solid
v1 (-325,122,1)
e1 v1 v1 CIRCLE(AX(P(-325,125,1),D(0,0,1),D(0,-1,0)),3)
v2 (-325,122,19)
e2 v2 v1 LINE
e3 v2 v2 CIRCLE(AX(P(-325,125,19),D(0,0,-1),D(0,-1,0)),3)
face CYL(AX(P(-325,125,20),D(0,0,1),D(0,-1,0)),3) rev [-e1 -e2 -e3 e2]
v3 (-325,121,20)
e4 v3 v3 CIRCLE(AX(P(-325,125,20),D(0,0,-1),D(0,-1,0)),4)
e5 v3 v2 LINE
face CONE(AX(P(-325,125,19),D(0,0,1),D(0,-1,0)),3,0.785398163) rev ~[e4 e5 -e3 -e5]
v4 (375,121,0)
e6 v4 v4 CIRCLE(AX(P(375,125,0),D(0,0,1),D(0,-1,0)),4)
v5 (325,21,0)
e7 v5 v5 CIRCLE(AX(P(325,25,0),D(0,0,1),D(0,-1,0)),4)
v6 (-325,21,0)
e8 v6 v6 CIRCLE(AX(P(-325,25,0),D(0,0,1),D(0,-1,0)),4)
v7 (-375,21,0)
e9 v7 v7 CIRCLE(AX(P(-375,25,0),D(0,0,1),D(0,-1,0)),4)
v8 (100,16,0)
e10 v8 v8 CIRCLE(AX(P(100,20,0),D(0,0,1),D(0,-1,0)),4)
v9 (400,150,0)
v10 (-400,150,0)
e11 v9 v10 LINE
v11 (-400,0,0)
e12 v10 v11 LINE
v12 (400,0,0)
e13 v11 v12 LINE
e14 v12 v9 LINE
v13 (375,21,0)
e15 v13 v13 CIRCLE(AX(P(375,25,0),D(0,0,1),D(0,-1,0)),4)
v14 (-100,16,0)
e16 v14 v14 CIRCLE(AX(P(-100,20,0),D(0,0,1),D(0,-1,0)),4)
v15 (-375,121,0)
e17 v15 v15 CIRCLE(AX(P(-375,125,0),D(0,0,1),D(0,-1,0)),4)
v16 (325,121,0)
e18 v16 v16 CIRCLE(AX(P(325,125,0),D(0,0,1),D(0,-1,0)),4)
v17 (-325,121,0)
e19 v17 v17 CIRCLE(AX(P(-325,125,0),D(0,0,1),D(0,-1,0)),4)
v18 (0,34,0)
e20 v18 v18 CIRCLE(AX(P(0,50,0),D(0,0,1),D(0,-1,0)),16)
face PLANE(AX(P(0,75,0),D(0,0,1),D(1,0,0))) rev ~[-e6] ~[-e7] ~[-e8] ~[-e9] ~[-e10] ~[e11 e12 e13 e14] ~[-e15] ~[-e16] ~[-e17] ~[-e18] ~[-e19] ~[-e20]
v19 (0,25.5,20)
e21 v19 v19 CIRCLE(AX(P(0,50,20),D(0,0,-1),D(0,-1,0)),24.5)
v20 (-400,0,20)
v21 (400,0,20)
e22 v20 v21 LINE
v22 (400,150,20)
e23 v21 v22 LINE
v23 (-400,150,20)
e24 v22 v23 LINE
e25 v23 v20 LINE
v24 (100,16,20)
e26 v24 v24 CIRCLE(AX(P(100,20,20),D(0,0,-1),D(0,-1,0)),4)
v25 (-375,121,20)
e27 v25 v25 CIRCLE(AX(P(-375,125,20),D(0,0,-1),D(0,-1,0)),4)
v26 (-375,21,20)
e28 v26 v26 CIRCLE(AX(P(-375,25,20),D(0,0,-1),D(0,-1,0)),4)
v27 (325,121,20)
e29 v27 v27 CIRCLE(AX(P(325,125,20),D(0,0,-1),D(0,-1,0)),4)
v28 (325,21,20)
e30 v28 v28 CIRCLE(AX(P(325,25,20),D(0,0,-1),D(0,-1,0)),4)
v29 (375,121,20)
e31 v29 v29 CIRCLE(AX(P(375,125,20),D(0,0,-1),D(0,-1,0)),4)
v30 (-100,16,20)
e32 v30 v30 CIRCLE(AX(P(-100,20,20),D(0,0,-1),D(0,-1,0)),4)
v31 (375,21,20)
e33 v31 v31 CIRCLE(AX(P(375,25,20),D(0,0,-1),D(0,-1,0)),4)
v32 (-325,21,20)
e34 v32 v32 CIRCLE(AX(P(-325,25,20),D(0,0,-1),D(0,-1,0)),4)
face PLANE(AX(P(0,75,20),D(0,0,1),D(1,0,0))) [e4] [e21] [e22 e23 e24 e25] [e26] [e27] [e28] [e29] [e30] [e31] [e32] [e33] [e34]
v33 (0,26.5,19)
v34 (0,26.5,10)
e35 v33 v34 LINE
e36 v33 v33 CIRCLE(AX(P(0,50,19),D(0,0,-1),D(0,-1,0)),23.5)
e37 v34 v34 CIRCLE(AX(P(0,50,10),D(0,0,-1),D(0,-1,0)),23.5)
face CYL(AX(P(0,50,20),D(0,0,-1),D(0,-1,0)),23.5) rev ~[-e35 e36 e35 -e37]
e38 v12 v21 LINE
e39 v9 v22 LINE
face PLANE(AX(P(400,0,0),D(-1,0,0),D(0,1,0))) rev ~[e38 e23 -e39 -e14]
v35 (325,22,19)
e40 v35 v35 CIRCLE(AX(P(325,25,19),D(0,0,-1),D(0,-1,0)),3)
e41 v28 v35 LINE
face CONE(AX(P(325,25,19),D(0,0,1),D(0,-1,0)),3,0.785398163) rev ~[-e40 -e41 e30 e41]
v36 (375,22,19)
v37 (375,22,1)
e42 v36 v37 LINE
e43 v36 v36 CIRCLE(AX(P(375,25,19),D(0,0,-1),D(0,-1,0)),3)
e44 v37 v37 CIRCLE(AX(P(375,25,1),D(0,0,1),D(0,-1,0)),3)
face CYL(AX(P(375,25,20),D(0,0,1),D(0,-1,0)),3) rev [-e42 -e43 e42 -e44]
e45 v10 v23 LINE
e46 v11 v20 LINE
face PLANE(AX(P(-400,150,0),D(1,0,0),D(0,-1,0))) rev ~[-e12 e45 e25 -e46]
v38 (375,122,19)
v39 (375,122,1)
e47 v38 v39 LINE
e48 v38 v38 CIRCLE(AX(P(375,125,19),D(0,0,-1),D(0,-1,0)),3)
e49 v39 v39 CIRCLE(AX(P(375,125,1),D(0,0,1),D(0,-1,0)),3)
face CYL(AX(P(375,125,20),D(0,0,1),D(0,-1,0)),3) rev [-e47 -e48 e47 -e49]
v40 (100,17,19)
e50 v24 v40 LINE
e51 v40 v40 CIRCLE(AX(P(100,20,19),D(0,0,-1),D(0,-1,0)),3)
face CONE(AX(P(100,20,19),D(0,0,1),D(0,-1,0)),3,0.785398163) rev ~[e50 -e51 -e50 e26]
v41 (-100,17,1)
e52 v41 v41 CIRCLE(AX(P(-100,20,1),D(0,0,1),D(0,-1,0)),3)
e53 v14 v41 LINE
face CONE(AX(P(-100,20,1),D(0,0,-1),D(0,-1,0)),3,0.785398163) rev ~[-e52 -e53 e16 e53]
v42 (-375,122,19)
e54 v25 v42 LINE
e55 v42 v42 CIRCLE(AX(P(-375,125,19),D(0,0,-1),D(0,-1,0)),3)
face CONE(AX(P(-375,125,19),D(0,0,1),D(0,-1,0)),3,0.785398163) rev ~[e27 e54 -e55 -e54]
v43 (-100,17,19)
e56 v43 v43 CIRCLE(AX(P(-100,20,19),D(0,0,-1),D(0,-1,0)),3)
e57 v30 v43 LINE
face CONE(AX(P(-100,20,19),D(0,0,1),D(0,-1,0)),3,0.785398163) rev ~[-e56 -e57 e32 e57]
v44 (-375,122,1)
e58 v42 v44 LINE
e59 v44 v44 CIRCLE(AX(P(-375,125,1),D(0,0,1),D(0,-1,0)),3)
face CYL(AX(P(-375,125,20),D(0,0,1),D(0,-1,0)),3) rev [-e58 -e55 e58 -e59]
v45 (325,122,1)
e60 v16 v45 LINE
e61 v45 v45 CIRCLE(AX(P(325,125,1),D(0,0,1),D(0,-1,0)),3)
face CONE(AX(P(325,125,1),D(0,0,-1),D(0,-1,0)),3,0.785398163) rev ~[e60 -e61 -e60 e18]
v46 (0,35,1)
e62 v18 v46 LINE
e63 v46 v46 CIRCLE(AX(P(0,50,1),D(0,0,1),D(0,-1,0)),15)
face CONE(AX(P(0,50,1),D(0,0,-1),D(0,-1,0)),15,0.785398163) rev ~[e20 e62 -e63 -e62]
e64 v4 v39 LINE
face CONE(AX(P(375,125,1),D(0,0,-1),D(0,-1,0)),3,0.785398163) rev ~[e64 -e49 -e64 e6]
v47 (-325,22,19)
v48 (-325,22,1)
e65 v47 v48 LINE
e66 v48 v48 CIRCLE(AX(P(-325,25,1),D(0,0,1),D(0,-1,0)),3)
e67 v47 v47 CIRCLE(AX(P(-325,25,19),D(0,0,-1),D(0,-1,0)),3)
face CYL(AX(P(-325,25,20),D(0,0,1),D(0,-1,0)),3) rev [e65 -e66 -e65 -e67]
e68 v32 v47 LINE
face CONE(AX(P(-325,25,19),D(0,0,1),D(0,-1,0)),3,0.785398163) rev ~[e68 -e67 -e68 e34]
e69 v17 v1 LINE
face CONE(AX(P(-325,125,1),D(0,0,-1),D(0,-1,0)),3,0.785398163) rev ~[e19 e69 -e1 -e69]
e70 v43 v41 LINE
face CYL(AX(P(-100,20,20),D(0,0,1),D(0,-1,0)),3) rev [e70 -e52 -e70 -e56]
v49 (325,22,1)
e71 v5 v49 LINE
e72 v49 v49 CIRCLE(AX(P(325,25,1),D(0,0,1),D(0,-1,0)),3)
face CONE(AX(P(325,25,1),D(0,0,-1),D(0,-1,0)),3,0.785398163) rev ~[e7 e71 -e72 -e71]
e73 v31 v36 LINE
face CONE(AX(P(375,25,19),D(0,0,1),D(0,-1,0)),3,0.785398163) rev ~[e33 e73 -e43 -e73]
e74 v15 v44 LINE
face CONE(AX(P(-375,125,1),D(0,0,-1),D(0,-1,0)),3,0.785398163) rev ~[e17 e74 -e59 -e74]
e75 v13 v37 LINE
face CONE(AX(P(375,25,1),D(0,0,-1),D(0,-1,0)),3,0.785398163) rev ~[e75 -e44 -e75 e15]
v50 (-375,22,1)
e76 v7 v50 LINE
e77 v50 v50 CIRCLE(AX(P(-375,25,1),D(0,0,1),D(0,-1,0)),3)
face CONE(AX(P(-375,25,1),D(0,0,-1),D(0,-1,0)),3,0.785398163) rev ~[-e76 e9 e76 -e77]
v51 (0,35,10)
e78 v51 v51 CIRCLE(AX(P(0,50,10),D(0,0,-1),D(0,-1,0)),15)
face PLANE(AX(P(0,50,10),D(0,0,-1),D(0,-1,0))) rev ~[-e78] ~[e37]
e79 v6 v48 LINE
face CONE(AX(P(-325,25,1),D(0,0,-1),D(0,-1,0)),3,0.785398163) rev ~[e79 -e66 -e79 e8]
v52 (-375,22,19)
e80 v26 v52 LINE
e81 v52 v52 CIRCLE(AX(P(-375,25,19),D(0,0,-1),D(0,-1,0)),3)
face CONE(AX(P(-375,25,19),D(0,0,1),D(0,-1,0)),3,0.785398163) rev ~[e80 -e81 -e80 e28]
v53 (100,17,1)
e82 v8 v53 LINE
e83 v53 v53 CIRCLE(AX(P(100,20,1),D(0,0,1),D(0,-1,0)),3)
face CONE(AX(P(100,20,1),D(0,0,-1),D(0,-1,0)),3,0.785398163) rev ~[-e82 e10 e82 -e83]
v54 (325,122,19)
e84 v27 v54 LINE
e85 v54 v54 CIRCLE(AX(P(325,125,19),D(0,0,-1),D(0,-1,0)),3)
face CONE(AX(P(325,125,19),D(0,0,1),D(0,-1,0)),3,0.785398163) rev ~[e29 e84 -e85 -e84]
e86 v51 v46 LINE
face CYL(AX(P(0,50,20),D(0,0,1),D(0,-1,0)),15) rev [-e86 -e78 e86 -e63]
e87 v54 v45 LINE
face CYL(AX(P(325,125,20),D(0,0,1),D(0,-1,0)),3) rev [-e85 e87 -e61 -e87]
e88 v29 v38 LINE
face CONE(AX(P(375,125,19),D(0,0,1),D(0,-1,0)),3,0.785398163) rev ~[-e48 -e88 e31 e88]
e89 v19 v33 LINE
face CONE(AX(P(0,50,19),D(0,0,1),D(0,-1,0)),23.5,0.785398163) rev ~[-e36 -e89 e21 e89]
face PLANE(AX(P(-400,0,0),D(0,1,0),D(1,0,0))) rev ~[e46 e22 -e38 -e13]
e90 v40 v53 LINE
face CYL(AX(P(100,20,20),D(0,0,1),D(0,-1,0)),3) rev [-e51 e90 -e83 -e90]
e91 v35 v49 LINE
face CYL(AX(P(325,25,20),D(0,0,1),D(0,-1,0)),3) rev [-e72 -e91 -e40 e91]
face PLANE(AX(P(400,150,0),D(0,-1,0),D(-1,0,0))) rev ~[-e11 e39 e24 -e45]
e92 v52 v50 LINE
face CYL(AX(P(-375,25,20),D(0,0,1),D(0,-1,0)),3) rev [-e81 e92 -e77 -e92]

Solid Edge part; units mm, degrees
sketch "Sketch1" plane through (0, 0, 0) normal (0, 0, 1) x (1, 0, 0)
  line L0 (400, 150) -> (-400, 150)
  line L1 (-400, 150) -> (-400, 0)
  line L2 (-400, 0) -> (400, 0)
  line L3 (400, 0) -> (400, 150)
extrude "Protrusion1" add sketch "Sketch1" along normal blind 20
hole "Hole1" at (-375, 125, 20) direction (0, 0, -1) diameter 6 end through all start chamfer 1 start chamfer angle 45 end chamfer 1 end chamfer angle 45
hole "Hole2" at (-325, 125, 20) direction (0, 0, -1) diameter 6 end through all start chamfer 1 start chamfer angle 45 end chamfer 1 end chamfer angle 45
hole "Hole3" at (-325, 25, 20) direction (0, 0, -1) diameter 6 end through all start chamfer 1 start chamfer angle 45 end chamfer 1 end chamfer angle 45
hole "Hole4" at (-375, 25, 20) direction (0, 0, -1) diameter 6 end through all start chamfer 1 start chamfer angle 45 end chamfer 1 end chamfer angle 45
hole "Hole5" at (325, 125, 20) direction (0, 0, -1) diameter 6 end through all start chamfer 1 start chamfer angle 45 end chamfer 1 end chamfer angle 45
hole "Hole6" at (375, 125, 20) direction (0, 0, -1) diameter 6 end through all start chamfer 1 start chamfer angle 45 end chamfer 1 end chamfer angle 45
hole "Hole7" at (375, 25, 20) direction (0, 0, -1) diameter 6 end through all start chamfer 1 start chamfer angle 45 end chamfer 1 end chamfer angle 45
hole "Hole8" at (325, 25, 20) direction (0, 0, -1) diameter 6 end through all start chamfer 1 start chamfer angle 45 end chamfer 1 end chamfer angle 45
hole "Stufenbohrung_Axiallager" at (0, 50, 20) direction (0, 0, -1) diameter 30 end through all counterbore diameter 47 counterbore depth 10 start chamfer 1 start chamfer angle 45 end chamfer 1 end chamfer angle 45
hole "Hole9" at (-100, 20, 20) direction (0, 0, -1) diameter 6 end through all start chamfer 1 start chamfer angle 45 end chamfer 1 end chamfer angle 45
hole "Hole10" at (100, 20, 20) direction (0, 0, -1) diameter 6 end through all start chamfer 1 start chamfer angle 45 end chamfer 1 end chamfer angle 45
